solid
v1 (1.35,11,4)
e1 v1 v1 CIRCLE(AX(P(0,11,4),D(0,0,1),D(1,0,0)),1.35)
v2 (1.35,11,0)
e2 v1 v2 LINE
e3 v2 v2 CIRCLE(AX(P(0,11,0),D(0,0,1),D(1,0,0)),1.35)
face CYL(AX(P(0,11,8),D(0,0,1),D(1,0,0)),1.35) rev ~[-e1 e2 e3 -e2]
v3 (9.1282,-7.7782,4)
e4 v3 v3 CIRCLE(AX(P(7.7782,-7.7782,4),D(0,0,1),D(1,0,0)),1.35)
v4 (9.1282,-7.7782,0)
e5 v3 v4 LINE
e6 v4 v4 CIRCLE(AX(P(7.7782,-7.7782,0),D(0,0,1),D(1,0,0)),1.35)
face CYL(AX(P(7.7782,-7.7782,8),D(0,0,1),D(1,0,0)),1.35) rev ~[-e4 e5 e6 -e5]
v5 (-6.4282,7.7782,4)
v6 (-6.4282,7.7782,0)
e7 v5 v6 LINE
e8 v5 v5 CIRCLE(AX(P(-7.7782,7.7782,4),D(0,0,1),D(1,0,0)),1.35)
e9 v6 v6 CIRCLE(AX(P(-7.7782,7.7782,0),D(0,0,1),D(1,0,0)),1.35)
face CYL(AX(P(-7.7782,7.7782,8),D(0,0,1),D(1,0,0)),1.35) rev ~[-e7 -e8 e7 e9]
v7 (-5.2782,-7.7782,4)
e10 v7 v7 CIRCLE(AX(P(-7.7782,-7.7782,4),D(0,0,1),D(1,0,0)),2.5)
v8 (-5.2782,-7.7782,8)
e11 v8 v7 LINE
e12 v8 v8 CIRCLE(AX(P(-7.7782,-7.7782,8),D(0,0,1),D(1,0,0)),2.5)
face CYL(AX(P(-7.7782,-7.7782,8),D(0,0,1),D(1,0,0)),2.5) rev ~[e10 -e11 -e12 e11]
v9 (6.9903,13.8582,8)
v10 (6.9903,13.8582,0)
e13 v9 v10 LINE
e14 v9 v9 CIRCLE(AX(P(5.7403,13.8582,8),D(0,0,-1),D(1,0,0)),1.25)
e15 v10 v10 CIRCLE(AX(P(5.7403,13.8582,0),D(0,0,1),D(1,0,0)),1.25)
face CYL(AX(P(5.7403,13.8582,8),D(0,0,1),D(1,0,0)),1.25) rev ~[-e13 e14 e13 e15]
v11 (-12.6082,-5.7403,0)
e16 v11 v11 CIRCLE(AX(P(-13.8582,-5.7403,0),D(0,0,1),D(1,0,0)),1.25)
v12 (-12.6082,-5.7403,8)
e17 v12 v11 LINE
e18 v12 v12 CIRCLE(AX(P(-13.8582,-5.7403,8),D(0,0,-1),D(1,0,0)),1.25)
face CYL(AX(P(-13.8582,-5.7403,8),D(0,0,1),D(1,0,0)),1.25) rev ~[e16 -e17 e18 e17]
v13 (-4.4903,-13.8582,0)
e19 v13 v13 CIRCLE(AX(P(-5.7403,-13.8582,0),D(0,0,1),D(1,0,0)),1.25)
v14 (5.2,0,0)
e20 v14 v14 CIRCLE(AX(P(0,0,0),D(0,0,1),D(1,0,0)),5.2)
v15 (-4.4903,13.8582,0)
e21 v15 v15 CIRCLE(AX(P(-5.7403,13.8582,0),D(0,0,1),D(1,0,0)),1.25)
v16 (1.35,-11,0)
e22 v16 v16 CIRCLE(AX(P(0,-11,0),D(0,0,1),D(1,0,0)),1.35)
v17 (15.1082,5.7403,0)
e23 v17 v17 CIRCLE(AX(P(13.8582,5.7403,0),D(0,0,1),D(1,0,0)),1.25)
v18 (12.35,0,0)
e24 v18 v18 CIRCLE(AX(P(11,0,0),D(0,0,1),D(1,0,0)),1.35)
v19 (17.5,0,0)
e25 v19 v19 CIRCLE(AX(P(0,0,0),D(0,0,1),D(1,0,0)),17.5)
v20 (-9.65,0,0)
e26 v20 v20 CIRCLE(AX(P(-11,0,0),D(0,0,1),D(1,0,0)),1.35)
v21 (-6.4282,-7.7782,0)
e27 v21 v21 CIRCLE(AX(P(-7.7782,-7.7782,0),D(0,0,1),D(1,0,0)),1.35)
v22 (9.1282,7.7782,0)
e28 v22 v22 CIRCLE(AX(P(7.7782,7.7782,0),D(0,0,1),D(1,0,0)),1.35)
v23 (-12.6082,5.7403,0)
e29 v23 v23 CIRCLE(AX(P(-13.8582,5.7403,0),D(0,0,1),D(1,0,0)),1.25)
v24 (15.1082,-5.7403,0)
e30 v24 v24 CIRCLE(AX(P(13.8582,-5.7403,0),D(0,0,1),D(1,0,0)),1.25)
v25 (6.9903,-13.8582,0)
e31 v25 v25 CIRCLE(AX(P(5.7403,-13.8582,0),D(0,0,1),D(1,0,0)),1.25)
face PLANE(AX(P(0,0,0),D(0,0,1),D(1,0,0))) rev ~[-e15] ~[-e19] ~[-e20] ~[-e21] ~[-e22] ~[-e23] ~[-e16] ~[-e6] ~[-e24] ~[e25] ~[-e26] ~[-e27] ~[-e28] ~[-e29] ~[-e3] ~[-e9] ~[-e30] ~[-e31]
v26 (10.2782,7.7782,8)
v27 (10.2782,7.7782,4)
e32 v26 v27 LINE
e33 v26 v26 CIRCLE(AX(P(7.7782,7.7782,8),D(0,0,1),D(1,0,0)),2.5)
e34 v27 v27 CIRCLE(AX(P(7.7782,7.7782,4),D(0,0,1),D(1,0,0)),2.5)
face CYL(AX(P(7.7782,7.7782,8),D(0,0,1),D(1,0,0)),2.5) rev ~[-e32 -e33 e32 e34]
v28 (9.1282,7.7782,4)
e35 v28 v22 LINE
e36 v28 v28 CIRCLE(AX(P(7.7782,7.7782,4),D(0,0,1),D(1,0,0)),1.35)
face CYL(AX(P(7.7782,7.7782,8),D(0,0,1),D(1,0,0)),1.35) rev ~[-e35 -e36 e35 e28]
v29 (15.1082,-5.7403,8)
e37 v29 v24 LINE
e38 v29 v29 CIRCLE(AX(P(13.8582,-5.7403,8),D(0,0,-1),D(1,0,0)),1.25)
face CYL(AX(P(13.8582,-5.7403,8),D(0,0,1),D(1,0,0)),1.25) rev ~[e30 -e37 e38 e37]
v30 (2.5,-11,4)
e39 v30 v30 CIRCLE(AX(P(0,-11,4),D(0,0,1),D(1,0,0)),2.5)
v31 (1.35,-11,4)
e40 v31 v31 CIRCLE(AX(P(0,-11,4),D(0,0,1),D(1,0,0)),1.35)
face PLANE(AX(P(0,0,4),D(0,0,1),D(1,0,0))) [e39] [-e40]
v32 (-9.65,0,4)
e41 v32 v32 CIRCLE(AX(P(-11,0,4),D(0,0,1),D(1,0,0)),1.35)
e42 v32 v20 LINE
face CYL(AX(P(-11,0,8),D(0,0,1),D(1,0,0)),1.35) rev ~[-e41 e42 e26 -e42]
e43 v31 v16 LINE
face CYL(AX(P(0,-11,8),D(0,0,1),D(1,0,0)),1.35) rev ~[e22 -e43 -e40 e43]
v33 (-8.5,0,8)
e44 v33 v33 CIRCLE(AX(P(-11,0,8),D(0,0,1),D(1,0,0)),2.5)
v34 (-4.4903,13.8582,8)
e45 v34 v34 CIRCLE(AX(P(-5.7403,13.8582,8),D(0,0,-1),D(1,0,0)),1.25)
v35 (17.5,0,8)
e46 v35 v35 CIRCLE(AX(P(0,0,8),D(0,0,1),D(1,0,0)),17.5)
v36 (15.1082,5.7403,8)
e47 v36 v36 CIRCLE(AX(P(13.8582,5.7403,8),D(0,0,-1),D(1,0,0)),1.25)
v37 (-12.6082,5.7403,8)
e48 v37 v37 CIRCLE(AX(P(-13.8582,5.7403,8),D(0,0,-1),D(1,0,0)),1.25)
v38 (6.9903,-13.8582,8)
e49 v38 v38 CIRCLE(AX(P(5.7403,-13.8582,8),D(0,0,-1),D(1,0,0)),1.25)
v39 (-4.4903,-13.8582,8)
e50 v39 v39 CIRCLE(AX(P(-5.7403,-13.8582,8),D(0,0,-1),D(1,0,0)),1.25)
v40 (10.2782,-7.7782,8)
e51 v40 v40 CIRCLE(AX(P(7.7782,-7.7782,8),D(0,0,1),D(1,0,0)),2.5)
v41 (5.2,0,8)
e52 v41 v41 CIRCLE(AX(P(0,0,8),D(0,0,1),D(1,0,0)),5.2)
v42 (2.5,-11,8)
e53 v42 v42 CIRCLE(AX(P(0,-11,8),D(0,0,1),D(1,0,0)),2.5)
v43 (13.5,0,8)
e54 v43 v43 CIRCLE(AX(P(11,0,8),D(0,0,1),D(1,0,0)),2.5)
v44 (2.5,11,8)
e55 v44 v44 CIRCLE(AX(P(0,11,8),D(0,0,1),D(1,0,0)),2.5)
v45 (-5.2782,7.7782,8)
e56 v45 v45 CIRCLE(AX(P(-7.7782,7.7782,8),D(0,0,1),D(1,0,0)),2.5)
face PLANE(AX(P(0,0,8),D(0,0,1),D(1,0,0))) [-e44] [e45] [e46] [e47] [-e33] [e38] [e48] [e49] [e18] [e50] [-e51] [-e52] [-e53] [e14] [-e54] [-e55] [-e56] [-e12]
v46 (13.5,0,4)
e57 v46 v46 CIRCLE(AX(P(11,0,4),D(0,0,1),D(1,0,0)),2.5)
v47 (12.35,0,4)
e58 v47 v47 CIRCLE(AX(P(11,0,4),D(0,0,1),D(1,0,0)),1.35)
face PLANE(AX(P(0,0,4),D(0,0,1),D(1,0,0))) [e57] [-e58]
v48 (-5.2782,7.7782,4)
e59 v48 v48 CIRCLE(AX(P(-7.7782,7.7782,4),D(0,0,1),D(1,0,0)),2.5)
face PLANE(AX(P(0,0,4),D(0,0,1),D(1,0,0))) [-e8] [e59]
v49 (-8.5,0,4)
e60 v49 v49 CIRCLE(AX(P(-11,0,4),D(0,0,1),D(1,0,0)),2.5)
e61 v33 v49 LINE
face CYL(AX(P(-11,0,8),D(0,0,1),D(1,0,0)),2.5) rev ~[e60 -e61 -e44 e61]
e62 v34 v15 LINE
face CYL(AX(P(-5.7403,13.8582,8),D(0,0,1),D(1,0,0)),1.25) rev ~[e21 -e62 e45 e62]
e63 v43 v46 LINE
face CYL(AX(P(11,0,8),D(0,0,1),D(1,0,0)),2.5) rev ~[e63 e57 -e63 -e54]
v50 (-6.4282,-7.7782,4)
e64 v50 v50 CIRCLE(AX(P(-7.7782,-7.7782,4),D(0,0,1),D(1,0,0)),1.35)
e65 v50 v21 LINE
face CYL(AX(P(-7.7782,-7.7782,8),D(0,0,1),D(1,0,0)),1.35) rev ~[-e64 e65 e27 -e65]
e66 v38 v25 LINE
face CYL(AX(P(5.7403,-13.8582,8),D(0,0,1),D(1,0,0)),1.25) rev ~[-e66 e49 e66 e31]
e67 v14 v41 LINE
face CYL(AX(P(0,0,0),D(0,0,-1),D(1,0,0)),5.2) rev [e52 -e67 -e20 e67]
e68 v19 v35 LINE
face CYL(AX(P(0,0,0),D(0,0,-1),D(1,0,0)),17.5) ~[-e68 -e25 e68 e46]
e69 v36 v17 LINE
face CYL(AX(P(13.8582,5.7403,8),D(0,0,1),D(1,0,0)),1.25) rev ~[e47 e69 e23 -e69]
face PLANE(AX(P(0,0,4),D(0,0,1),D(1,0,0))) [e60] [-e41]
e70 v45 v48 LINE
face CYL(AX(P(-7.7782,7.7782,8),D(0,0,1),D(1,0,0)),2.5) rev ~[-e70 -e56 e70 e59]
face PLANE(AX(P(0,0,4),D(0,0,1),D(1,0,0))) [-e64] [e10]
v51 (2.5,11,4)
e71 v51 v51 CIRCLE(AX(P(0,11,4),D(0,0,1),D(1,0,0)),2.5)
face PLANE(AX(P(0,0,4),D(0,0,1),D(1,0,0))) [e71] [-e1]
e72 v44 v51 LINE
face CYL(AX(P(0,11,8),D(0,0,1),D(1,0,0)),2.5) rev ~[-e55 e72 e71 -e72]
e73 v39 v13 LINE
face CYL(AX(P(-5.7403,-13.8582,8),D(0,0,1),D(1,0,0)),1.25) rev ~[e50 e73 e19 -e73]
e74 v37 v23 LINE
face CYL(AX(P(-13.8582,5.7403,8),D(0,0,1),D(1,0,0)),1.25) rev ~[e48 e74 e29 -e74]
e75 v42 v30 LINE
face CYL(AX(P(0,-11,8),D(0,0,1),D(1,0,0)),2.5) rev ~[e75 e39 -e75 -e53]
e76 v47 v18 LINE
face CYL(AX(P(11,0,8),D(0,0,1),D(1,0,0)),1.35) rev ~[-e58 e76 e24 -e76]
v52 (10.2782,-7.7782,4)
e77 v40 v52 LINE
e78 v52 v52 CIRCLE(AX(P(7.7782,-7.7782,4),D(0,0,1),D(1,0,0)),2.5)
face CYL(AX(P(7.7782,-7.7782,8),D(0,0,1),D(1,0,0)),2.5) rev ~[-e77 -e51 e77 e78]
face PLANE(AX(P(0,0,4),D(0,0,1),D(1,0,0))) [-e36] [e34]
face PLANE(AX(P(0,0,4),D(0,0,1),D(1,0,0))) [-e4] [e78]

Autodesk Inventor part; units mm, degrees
ref_plane "YZ Plane" through (0, 0, 0) normal (1, 0, 0) x (0, 1, 0)
ref_plane "XZ Plane" through (0, 0, 0) normal (0, 1, 0) x (-1, 0, 0)
ref_plane "XY Plane" through (0, 0, 0) normal (0, 0, 1) x (1, 0, 0)
sketch "스케치3" plane through (0, 0, 0) normal (0, 0, 1) x (1, 0, 0)
  circle A0 centre (0, 0) radius 5.2
  circle A1 centre (0, 0) radius 17.5
  dimension "d13" = 10.4
  dimension "d14" = 35
extrude "돌출3" add sketch "스케치3" along normal blind 8
sketch "스케치4" plane through (0, 0, 8) normal (0, 0, 1) x (1, 0, 0)
  circle A0 centre (0, 0) radius 11
  line L0 (0, 0) -> (0, 11)
  line L1 (0, 0) -> (11, 0) construction
  circle A1 centre (0, 11) radius 1.35
  circle A2 centre (-7.7782, 7.7782) radius 1.35
  circle A3 centre (-11, 0) radius 1.35
  circle A4 centre (-7.7782, -7.7782) radius 1.35
  circle A5 centre (0, -11) radius 1.35
  circle A6 centre (7.7782, -7.7782) radius 1.35
  circle A7 centre (11, 0) radius 1.35
  circle A8 centre (7.7782, 7.7782) radius 1.35
  dimension "d17" = 22
  dimension "d18" = 11
  dimension "d19" = 90
  dimension "d20" = 2.7
  dimension "d23" = 360
extrude "돌출4" cut sketch "스케치4" against normal up to surface (8 mm away) contours A0 A7 | A0 A7 | A8 A0 | A0 A8 | A6 A0 | A0 A6 | A1 L0 A0 | A0 A1 | A5 A0 | A0 A5 | L0 A1 A0 | A4 A0 | A0 A4 | A2 A0 | A0 A2 | A3 A0 | A0 A3
sketch "스케치5" plane through (0, 0, 8) normal (0, 0, 1) x (1, 0, 0)
  circle A0 centre (7.7782, 7.7782) radius 1.35 projected
  circle A1 centre (11, 0) radius 1.35 projected
  circle A2 centre (0, -11) radius 1.35 projected
  circle A3 centre (-11, 0) radius 1.35 projected
  circle A4 centre (0, 11) radius 1.35 projected
  circle A5 centre (-7.7782, 7.7782) radius 1.35 projected
  circle A6 centre (-7.7782, -7.7782) radius 1.35 projected
  circle A7 centre (7.7782, -7.7782) radius 1.35 projected
  circle A8 centre (0, 0) radius 5.2 projected
  circle A9 centre (0, 0) radius 17.5 projected
  circle A10 centre (-11, 0) radius 2.5
  circle A11 centre (-7.7782, 7.7782) radius 2.5
  circle A12 centre (0, 11) radius 2.5
  circle A13 centre (7.7782, 7.7782) radius 2.5
  circle A14 centre (11, 0) radius 2.5
  circle A15 centre (7.7782, -7.7782) radius 2.5
  circle A16 centre (0, -11) radius 2.5
  circle A17 centre (-7.7782, -7.7782) radius 2.5
  dimension "d27" = 5
  dimension "d28" = 5
  dimension "d29" = 5
  dimension "d30" = 5
  dimension "d31" = 5
  dimension "d32" = 5
  dimension "d33" = 5
  dimension "d34" = 5
extrude "돌출5" cut sketch "스케치5" against normal blind 4 contours A10 | A11 | A12 | A13 | A14 | A15 | A16 | A17
sketch "스케치6" plane through (0, 0, 8) normal (0, 0, 1) x (1, 0, 0)
  circle A0 centre (0, 0) radius 14
  line L0 (0, 0) -> (-5.7403, 13.8582)
  line L1 (0, 0) -> (15, 0) construction
  circle A1 centre (-5.7403, 13.8582) radius 1.25
  circle A2 centre (-13.8582, 5.7403) radius 1.25
  circle A3 centre (-13.8582, -5.7403) radius 1.25
  circle A4 centre (-5.7403, -13.8582) radius 1.25
  circle A5 centre (5.7403, -13.8582) radius 1.25
  circle A6 centre (13.8582, -5.7403) radius 1.25
  circle A7 centre (13.8582, 5.7403) radius 1.25
  circle A8 centre (5.7403, 13.8582) radius 1.25
  dimension "d37" = 28
  dimension "d38" = 15
  dimension "d39" = 112.5
  dimension "d40" = 2.5
  dimension "d43" = 360
extrude "돌출6" cut sketch "스케치6" against normal up to surface (8 mm away) contours A7 A0 | A0 A7 | A6 A0 | A0 A6 | A8 A0 | A0 A8 | A5 A0 | A0 A5 | A1 L0 A0 | A0 A1 | A4 A0 | A0 A4 | L0 A1 A0 | A3 A0 | A0 A3 | A2 A0 | A0 A2
properties part number "조인트4베어링관절혼" material "알루미늄 6061"
